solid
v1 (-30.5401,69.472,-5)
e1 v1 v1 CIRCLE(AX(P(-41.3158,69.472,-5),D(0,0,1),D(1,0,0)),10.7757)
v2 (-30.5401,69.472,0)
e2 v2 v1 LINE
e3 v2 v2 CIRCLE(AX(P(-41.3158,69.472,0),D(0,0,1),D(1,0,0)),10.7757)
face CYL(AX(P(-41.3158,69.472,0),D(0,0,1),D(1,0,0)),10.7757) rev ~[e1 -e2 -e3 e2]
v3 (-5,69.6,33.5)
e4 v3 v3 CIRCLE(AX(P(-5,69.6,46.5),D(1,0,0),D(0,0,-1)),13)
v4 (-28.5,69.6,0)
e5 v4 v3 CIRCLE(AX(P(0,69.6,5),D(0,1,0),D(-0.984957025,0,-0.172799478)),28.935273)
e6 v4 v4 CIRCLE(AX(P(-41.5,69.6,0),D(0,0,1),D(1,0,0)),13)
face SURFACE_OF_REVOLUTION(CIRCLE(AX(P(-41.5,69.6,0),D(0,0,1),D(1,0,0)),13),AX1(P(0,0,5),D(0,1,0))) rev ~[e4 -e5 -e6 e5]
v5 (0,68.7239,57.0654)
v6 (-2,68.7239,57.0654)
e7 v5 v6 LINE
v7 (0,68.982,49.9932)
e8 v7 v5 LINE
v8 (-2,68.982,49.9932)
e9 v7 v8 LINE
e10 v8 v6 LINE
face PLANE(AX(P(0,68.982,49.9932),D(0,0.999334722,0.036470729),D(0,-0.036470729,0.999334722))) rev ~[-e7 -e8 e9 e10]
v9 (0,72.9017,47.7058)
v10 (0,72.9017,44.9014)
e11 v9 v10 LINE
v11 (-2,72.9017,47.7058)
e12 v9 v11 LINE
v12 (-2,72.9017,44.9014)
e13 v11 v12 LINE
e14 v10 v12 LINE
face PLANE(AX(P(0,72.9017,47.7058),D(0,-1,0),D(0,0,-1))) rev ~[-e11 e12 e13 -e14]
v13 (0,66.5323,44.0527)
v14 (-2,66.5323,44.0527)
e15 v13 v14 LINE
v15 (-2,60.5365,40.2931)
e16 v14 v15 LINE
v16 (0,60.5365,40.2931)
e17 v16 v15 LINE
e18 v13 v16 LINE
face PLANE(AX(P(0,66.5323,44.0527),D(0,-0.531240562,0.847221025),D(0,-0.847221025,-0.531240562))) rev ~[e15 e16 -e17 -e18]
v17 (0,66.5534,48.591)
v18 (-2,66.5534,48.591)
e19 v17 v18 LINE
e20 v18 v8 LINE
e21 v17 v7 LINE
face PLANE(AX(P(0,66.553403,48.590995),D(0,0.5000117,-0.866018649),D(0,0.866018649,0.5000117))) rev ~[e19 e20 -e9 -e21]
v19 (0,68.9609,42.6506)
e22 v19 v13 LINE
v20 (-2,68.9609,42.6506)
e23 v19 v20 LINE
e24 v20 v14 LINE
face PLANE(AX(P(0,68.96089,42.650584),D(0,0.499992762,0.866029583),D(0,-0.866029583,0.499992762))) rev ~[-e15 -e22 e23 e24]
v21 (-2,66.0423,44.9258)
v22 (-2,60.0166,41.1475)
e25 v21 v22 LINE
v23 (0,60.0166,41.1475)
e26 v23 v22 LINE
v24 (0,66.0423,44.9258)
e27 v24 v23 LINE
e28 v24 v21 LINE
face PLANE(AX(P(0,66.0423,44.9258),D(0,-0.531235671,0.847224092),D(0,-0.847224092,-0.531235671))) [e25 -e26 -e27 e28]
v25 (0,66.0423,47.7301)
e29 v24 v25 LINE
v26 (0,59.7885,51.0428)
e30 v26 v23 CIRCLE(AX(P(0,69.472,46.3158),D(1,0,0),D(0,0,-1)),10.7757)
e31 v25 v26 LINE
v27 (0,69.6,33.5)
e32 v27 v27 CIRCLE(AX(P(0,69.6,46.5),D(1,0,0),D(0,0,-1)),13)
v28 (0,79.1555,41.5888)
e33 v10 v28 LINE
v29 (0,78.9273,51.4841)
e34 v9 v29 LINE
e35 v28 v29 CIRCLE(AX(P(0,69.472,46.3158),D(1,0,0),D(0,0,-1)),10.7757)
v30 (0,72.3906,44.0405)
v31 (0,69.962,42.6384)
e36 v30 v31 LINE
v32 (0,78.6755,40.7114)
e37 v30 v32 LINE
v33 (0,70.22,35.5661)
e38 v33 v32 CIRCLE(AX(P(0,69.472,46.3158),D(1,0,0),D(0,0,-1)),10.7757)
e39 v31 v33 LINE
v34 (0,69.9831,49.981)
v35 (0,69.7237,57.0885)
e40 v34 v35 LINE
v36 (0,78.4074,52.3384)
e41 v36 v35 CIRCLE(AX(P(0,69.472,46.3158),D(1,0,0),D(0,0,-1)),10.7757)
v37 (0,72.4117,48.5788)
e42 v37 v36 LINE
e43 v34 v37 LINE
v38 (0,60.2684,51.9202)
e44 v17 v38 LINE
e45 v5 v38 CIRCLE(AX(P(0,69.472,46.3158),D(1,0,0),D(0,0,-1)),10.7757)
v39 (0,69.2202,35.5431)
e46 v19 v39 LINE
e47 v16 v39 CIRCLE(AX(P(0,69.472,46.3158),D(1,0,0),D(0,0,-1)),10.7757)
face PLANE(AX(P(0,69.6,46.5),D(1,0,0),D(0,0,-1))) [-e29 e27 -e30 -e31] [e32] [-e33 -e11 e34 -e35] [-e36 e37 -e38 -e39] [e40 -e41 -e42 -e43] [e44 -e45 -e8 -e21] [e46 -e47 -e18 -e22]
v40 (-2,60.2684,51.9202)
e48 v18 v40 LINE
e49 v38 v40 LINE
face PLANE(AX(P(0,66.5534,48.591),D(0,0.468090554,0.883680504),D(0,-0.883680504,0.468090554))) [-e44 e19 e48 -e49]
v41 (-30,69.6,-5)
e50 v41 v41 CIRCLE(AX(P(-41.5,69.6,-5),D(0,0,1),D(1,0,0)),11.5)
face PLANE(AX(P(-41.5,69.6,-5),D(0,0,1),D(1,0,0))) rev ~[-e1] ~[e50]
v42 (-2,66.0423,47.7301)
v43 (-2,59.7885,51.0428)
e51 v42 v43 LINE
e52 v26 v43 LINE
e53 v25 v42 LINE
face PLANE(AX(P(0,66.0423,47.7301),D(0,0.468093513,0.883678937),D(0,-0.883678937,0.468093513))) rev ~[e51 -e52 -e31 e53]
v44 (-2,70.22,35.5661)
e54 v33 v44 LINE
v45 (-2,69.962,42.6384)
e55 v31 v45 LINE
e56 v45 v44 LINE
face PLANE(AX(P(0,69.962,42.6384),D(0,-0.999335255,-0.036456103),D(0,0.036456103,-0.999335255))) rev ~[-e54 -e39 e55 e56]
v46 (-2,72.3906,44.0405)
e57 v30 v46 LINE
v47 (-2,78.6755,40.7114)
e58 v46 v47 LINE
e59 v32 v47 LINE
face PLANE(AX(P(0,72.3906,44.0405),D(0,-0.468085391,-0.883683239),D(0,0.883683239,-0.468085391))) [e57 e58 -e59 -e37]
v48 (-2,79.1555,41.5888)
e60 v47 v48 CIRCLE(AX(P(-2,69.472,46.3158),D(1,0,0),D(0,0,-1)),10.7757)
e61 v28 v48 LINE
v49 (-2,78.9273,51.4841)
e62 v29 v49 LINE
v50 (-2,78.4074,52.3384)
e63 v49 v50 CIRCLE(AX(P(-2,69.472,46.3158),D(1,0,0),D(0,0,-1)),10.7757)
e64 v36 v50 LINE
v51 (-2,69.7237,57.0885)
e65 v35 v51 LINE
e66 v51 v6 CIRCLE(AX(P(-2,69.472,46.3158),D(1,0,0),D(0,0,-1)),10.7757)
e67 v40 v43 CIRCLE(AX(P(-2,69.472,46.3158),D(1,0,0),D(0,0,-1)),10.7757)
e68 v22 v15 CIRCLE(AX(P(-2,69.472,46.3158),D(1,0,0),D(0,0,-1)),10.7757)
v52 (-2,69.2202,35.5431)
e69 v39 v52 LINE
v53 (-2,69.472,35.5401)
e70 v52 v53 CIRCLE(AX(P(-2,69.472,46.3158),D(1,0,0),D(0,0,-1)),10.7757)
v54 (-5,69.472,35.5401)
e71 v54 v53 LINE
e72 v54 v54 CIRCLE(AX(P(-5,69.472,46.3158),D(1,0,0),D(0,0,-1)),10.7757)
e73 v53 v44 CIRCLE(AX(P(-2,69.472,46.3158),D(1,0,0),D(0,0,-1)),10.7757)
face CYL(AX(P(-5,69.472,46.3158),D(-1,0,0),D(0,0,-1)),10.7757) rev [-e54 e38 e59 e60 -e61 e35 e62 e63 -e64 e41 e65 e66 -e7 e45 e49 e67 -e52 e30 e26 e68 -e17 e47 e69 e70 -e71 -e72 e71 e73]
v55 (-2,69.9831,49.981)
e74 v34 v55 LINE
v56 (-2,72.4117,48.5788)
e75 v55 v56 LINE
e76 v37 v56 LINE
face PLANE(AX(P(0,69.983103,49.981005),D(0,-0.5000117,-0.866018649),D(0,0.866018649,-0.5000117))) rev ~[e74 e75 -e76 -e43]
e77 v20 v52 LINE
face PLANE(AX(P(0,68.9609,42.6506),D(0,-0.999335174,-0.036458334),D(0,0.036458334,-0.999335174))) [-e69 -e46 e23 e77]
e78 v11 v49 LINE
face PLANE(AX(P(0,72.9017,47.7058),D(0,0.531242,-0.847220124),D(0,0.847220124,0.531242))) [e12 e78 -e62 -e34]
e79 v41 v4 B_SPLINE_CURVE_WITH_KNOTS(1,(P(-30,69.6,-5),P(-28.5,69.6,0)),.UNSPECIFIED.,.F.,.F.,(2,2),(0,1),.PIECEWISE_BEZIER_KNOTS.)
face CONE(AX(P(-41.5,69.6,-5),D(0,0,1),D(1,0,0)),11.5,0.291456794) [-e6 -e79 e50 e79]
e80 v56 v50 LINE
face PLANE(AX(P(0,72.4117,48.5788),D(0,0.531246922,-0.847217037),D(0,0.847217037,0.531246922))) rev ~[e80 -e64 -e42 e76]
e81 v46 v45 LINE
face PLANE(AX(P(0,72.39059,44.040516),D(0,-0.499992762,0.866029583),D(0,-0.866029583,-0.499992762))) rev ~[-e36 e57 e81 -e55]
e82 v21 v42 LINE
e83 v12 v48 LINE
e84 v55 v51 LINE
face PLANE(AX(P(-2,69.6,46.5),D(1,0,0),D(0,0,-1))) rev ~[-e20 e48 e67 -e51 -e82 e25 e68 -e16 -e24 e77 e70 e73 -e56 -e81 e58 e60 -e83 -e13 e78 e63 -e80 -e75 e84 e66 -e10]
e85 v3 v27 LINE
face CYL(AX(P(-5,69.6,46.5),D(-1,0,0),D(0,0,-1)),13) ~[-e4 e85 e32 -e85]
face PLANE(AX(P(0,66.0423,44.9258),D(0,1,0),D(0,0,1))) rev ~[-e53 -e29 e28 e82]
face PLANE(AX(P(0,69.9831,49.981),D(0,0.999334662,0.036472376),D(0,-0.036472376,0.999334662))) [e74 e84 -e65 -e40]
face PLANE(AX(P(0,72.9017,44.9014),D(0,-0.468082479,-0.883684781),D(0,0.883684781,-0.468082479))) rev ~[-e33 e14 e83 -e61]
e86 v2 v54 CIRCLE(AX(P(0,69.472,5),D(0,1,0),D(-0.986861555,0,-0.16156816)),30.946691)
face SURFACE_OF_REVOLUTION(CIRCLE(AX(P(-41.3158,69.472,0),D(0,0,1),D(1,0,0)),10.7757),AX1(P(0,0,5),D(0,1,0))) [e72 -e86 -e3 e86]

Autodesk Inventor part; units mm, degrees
ref_plane "YZ Plane" through (0, 0, 0) normal (1, 0, 0) x (0, 1, 0)
ref_plane "XZ Plane" through (0, 0, 0) normal (0, 1, 0) x (-1, 0, 0)
ref_plane "XY Plane" through (0, 0, 0) normal (0, 0, 1) x (1, 0, 0)
sketch "Esquisse1" plane through (0, 0, 0) normal (0, 0, 1) x (1, 0, 0)
  circle A0 centre (-41.5, 69.6) radius 12.5 projected
  circle A1 centre (-41.5, 69.6) radius 11
  circle A2 centre (-41.5, 69.6) radius 13
  point P0 (0, 0)
  dimension "d11" = 0.5
  dimension "d15" = 2
ref_plane "Plan de construction2" through (-41.5, 69.6, 0) normal (0, -1, 0) x (0, 0, 1)
ref_plane "Plan de construction1" through (0, 0, -152.2) normal (0, -1, 0) x (0, 0, 1)
sketch "Esquisse2" plane through (-41.5, 69.6, 0) normal (0, -1, 0) x (0, 0, 1)
  point P0 (0, -41.5)
  point P1 (0, 0)
  point P2 (-5, 0)
  dimension "d1" = 5
ref_plane "Plan de construction4" through (-41.5, 69.6, -5) normal (0, 0, 1) x (1, 0, 0)
ref_plane "Plan de construction3" through (0, 0, 0) normal (0, 0, 1) x (1, 0, 0)
sketch "Esquisse3" plane through (-41.5, 69.6, -5) normal (0, 0, 1) x (1, 0, 0)
  circle A0 centre (0, 0) radius 12.5 projected
  circle A1 centre (0, 0) radius 9.5
  circle A2 centre (0, 0) radius 11.5
  point P0 (41.5, -69.6)
  dimension "d13" = 2
  dimension "d14" = 1
ref_plane "Plan de construction5" through (-41.5, 69.6, 0) normal (0, 0, 1) x (1, 0, 0)
loft "Lissage2" add profiles "Esquisse3", "Esquisse1" contours A1 | A2 / A0 | A1 | A2
sketch "Esquisse5" plane through (-41.5, 69.6, 0) normal (0, 0, 1) x (1, 0, 0)
  circle A0 centre (0.1842, -0.128) radius 10.7757
  circle A1 centre (0, 0) radius 13 projected
  point P0 (41.5, -69.6)
  dimension "d20" = 2
extrude "Extrusion2" cut sketch "Esquisse5" against normal blind 10 contours A0
ref_plane "Plan de construction6" through (0, 0, 0) normal (-1, 0, 0) x (0, -1, 0)
sketch "Esquisse6" plane through (0, 0, 0) normal (-1, 0, 0) x (0, -1, 0)
  point P0 (0, 0)
sketch "Esquisse7" plane through (-41.5, 69.6, 0) normal (0, 0, 1) x (1, 0, 0)
  circle A0 centre (0.1842, -0.128) radius 10.7757 projected
  circle A1 centre (0, 0) radius 13 projected
  point P0 (41.5, -69.6)
sketch "Esquisse8" plane through (0, 0, 0) normal (-1, 0, 0) x (0, -1, 0)
  line L0 (0, 5) -> (-101.6415, 5)
  point P0 (0, 0)
  dimension "d23" = 5
revolve "Révolution1" add sketch "Esquisse7" angle 90 about axis through (0, 0, 5) along (0, 1, 0)
sketch "Esquisse9" plane through (-5, 69.6, 46.5) normal (1, 0, 0) x (0, 0, -1)
  circle A0 centre (0, 0) radius 13 projected
  circle A1 centre (0.1842, -0.128) radius 10.7757 projected
  point P0 (46.5, -69.6)
  point P1 (13, 0)
  point P2 (10.9599, -0.128)
extrude "Extrusion3" add sketch "Esquisse9" along normal up to surface (5 mm away)
sketch "Esquisse10" plane through (0, 69.6, 46.5) normal (1, 0, 0) x (0, 0, -1)
  circle A0 centre (0.1842, -0.128) radius 10.7757 projected
  line L0 (2.1644, -3.5577) -> (-1.7959, -3.5577)
  line L1 (-1.7959, -3.5577) -> (-3.7761, -0.128)
  line L2 (-3.7761, -0.128) -> (-1.7959, 3.3017)
  line L3 (-1.7959, 3.3017) -> (2.1644, 3.3017)
  line L4 (2.1644, 3.3017) -> (4.1445, -0.128)
  line L5 (4.1445, -0.128) -> (2.1644, -3.5577)
  line L6 (2.4473, -3.0677) -> (6.2069, -9.0635)
  line L7 (1.5742, -3.5577) -> (5.3525, -9.5834)
  line L8 (3.8616, 0.362) -> (10.9339, 0.62)
  line L9 (3.8494, -0.6391) -> (10.9569, -0.3798)
  line L10 (1.5986, 3.3017) -> (4.9112, 9.5555)
  line L11 (2.4595, 2.7906) -> (5.7886, 9.0755)
  line L12 (-2.0788, 2.8117) -> (-5.8384, 8.8074)
  line L13 (-1.2058, 3.3017) -> (-4.9841, 9.3273)
  line L14 (-3.4932, -0.618) -> (-10.5654, -0.8761)
  line L15 (-3.481, 0.3831) -> (-10.5885, 0.1237)
  line L16 (-1.2301, -3.5577) -> (-4.5428, -9.8115)
  line L17 (-2.091, -3.0466) -> (-5.4202, -9.3316)
  point P0 (46.5, -69.6)
  point P1 (3.8494, -0.6391)
  point P2 (10.9569, -0.3798)
  point P3 (10.9339, 0.62)
  point P4 (3.8616, 0.362)
  point P5 (2.4595, 2.7906)
  point P6 (5.7886, 9.0755)
  point P7 (4.9112, 9.5555)
  point P8 (1.5986, 3.3017)
  point P9 (-1.2058, 3.3017)
  point P10 (-4.9841, 9.3273)
  point P11 (-5.8384, 8.8074)
  point P12 (-2.0788, 2.8117)
  point P13 (-3.481, 0.3831)
  point P14 (-10.5885, 0.1237)
  point P15 (-10.5654, -0.8761)
  point P16 (-3.4932, -0.618)
  point P17 (-2.091, -3.0466)
  point P18 (-5.4202, -9.3316)
  point P19 (-4.5428, -9.8115)
  point P20 (-1.2301, -3.5577)
  dimension "d28" = 0.5
  dimension "d29" = 0.5
  dimension "d32" = 360
extrude "Extrusion4" add sketch "Esquisse10" against normal blind 2 contours A0 L9 L5 L4 L8 | L11 L4 L3 L10 A0 | L4 L5 L0 L1 L2 L3 | A0 L7 L0 L5 L6 | L13 L3 L2 L12 A0 | A0 L17 L1 L0 L16 | L15 L2 L1 L14 A0
properties part number "Aeration"
